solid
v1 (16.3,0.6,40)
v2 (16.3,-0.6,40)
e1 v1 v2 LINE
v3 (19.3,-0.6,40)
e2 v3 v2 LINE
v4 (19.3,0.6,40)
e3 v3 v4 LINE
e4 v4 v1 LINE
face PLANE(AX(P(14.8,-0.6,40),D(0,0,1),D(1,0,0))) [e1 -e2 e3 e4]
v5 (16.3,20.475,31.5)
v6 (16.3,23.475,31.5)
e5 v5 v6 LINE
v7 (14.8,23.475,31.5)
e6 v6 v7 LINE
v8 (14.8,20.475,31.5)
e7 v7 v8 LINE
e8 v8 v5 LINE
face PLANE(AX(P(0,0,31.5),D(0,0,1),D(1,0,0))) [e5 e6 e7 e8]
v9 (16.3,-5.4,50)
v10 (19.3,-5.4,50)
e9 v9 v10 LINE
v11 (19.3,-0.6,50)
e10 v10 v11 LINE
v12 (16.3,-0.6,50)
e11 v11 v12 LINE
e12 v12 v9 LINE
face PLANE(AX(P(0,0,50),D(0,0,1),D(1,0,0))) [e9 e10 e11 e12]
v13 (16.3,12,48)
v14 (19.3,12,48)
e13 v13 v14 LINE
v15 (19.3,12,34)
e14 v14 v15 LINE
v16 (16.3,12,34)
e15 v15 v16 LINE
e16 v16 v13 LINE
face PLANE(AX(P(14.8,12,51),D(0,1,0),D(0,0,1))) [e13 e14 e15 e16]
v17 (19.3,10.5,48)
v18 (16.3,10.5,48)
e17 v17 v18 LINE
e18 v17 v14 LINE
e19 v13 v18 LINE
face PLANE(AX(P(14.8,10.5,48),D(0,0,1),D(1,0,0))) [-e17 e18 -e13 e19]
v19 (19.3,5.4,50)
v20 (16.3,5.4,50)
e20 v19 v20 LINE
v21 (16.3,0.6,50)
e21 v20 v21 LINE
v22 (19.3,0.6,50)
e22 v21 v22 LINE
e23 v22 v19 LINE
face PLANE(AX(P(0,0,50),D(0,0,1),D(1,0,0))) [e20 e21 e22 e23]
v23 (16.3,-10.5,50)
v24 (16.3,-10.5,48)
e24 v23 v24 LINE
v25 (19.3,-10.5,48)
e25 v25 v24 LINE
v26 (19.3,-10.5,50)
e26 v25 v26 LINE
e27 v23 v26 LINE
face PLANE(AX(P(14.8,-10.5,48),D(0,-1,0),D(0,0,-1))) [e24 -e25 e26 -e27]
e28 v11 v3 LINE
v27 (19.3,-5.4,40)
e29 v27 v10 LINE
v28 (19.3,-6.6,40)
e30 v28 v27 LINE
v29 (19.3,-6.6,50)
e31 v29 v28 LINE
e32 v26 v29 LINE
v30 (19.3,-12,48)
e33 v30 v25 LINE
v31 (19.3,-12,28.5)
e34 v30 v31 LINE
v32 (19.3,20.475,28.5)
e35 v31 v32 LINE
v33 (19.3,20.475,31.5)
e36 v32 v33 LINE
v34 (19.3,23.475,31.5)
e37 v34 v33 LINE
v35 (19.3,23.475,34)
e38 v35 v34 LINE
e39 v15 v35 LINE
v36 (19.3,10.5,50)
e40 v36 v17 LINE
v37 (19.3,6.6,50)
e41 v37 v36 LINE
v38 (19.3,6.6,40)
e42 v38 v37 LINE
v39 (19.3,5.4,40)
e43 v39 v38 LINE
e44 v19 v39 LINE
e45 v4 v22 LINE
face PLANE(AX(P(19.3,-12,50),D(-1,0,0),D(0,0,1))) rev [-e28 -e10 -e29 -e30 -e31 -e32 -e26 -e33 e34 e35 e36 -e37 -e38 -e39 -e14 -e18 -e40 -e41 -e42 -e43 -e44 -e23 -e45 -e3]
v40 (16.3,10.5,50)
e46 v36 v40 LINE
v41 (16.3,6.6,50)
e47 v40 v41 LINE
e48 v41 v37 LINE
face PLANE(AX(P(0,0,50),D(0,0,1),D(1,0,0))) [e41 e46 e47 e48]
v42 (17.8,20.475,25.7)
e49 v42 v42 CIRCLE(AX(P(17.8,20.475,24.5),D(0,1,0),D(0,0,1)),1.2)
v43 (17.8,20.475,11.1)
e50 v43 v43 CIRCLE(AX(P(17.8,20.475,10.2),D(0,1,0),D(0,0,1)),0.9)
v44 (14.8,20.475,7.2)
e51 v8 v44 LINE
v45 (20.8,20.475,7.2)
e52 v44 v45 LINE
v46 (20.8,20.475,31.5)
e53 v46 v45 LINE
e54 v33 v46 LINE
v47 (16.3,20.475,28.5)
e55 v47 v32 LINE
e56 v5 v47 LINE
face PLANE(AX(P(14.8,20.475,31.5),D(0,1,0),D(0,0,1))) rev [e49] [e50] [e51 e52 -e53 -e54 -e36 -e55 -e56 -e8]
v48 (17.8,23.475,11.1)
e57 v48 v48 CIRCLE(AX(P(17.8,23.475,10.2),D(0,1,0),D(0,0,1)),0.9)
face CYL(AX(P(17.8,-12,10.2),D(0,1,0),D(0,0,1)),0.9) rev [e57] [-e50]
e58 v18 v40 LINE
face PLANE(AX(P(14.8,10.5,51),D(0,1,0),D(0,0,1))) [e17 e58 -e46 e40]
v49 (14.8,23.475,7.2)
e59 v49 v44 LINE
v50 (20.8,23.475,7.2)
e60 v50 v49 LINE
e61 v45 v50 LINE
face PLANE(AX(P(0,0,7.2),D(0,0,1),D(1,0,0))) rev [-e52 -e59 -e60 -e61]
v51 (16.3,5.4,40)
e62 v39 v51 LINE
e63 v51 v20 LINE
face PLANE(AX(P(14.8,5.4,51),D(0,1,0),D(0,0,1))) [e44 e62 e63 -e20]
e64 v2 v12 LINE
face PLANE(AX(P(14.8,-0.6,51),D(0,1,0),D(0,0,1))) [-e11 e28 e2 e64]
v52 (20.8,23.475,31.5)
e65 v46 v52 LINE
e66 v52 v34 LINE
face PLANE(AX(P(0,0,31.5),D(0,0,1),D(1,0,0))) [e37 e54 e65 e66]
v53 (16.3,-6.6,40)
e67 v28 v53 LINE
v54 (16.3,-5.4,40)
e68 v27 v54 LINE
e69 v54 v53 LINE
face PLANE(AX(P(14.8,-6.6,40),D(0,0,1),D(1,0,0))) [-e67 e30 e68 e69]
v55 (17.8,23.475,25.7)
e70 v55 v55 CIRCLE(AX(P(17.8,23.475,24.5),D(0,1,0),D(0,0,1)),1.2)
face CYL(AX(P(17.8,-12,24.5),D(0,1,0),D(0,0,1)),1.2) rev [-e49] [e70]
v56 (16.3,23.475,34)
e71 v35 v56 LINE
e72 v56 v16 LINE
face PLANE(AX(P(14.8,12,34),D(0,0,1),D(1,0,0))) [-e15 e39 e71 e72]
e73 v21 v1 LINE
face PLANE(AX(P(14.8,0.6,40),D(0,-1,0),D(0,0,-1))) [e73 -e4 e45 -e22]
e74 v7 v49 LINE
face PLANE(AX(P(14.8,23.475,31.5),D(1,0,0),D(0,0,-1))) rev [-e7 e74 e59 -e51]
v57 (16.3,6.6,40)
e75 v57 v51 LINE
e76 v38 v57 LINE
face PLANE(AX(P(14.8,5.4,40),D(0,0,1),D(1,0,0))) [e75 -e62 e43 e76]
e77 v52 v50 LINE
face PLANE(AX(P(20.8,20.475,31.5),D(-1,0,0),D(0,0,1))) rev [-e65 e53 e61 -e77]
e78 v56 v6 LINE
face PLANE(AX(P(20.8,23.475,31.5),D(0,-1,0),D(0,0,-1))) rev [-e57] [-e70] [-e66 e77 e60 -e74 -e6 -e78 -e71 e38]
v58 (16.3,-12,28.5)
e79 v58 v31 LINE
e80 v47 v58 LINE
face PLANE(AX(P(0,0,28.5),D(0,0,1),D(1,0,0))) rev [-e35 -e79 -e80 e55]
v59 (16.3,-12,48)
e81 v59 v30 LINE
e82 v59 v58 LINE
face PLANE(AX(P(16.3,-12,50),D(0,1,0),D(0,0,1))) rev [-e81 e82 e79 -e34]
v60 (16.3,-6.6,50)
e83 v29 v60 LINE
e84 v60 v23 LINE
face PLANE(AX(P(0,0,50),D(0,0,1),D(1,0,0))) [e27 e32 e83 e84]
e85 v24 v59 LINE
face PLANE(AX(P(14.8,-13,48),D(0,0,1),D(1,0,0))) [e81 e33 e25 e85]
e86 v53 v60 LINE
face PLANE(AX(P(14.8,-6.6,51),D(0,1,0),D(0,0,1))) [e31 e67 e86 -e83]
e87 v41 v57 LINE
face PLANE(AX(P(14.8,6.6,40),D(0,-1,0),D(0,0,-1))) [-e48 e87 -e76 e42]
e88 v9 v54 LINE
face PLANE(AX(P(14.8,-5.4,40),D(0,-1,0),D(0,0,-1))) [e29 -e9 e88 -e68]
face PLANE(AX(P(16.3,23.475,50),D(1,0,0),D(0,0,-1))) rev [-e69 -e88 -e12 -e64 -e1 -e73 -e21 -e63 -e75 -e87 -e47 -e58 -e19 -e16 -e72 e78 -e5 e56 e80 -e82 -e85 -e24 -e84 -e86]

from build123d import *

# Parameters (mm, degrees)
BOSS_EXTRUDE1_START     = 7.2
SKETCH1_W               = 6
SKETCH1_H               = 3
BOSS_EXTRUDE1_DEPTH     = 24.3
BOSS_EXTRUDE2_START     = 28.5
SKETCH2_W               = 3
SKETCH2_H               = 35.475
BOSS_EXTRUDE2_DEPTH     = 21.5
CUT_EXTRUDE1_DEPTH      = 60.023009285
CUT_EXTRUDE1_DEPTH_BACK = 60.023009285
SKETCH3_R               = 1.2
SKETCH3_R_2             = 0.9
CUT_EXTRUDE2_DEPTH      = 60.023009285
CUT_EXTRUDE2_DEPTH_BACK = 60.023009285
SKETCH4_W               = 11
SKETCH4_H               = 1.2
SKETCH4_W_2             = 17
SKETCH4_H_2             = 12.475
CUT_EXTRUDE3_DEPTH      = 60.023009285
CUT_EXTRUDE3_DEPTH_BACK = 60.023009285
SKETCH5_W               = 3
SKETCH5_H               = 2.5


with BuildPart() as part:
    # Sketch1 → Boss-Extrude1 (new body)
    with BuildSketch(Plane.XY.offset(BOSS_EXTRUDE1_START)):
        with Locations((17.8, 21.975)):
            Rectangle(SKETCH1_W, SKETCH1_H)
    extrude(amount=BOSS_EXTRUDE1_DEPTH)

    # Sketch2 → Boss-Extrude2 (add)
    with BuildSketch(Plane.XY.offset(BOSS_EXTRUDE2_START)):
        with Locations((17.8, 5.7375)):
            Rectangle(SKETCH2_W, SKETCH2_H)
    extrude(amount=BOSS_EXTRUDE2_DEPTH)

    # Sketch3 → Cut-Extrude1 (cut, two sides: drawn at the far end of the back side and taken through both)
    with BuildSketch(Plane(origin=(0, 0, 0), x_dir=(1, 0, 0), z_dir=(0, 1, 0)).offset(-CUT_EXTRUDE1_DEPTH_BACK)):
        with Locations(Location((17.8, -24.5, 0), (0, 0, 270))):
            Circle(SKETCH3_R)
        with Locations(Location((17.8, -10.2, 0), (0, 0, 270))):
            Circle(SKETCH3_R_2)
    extrude(amount=CUT_EXTRUDE1_DEPTH + CUT_EXTRUDE1_DEPTH_BACK, mode=Mode.SUBTRACT)

    # Sketch4 → Cut-Extrude2 (cut, two sides: drawn at the far end of the back side and taken through both)
    with BuildSketch(Plane(origin=(0, 0, 0), x_dir=(0, 0, -1), z_dir=(1, 0, 0)).offset(-CUT_EXTRUDE2_DEPTH_BACK)):
        with Locations((-45.5, -6)):
            Rectangle(SKETCH4_W, SKETCH4_H)
        with Locations((-45.5, 0)):
            Rectangle(SKETCH4_W, SKETCH4_H)
        with Locations((-45.5, 6)):
            Rectangle(SKETCH4_W, SKETCH4_H)
        with Locations((-42.5, 18.2375)):
            Rectangle(SKETCH4_W_2, SKETCH4_H_2)
    extrude(amount=CUT_EXTRUDE2_DEPTH + CUT_EXTRUDE2_DEPTH_BACK, mode=Mode.SUBTRACT)

    # Sketch5 → Cut-Extrude3 (cut, two sides: drawn at the far end of the back side and taken through both)
    with BuildSketch(Plane(origin=(0, 0, 0), x_dir=(0, 0, -1), z_dir=(1, 0, 0)).offset(-CUT_EXTRUDE3_DEPTH_BACK)):
        with Locations((-49.5, -11.75)):
            Rectangle(SKETCH5_W, SKETCH5_H)
        with Locations((-49.5, 11.75)):
            Rectangle(SKETCH5_W, SKETCH5_H)
    extrude(amount=CUT_EXTRUDE3_DEPTH + CUT_EXTRUDE3_DEPTH_BACK, mode=Mode.SUBTRACT)


solid = part.part
